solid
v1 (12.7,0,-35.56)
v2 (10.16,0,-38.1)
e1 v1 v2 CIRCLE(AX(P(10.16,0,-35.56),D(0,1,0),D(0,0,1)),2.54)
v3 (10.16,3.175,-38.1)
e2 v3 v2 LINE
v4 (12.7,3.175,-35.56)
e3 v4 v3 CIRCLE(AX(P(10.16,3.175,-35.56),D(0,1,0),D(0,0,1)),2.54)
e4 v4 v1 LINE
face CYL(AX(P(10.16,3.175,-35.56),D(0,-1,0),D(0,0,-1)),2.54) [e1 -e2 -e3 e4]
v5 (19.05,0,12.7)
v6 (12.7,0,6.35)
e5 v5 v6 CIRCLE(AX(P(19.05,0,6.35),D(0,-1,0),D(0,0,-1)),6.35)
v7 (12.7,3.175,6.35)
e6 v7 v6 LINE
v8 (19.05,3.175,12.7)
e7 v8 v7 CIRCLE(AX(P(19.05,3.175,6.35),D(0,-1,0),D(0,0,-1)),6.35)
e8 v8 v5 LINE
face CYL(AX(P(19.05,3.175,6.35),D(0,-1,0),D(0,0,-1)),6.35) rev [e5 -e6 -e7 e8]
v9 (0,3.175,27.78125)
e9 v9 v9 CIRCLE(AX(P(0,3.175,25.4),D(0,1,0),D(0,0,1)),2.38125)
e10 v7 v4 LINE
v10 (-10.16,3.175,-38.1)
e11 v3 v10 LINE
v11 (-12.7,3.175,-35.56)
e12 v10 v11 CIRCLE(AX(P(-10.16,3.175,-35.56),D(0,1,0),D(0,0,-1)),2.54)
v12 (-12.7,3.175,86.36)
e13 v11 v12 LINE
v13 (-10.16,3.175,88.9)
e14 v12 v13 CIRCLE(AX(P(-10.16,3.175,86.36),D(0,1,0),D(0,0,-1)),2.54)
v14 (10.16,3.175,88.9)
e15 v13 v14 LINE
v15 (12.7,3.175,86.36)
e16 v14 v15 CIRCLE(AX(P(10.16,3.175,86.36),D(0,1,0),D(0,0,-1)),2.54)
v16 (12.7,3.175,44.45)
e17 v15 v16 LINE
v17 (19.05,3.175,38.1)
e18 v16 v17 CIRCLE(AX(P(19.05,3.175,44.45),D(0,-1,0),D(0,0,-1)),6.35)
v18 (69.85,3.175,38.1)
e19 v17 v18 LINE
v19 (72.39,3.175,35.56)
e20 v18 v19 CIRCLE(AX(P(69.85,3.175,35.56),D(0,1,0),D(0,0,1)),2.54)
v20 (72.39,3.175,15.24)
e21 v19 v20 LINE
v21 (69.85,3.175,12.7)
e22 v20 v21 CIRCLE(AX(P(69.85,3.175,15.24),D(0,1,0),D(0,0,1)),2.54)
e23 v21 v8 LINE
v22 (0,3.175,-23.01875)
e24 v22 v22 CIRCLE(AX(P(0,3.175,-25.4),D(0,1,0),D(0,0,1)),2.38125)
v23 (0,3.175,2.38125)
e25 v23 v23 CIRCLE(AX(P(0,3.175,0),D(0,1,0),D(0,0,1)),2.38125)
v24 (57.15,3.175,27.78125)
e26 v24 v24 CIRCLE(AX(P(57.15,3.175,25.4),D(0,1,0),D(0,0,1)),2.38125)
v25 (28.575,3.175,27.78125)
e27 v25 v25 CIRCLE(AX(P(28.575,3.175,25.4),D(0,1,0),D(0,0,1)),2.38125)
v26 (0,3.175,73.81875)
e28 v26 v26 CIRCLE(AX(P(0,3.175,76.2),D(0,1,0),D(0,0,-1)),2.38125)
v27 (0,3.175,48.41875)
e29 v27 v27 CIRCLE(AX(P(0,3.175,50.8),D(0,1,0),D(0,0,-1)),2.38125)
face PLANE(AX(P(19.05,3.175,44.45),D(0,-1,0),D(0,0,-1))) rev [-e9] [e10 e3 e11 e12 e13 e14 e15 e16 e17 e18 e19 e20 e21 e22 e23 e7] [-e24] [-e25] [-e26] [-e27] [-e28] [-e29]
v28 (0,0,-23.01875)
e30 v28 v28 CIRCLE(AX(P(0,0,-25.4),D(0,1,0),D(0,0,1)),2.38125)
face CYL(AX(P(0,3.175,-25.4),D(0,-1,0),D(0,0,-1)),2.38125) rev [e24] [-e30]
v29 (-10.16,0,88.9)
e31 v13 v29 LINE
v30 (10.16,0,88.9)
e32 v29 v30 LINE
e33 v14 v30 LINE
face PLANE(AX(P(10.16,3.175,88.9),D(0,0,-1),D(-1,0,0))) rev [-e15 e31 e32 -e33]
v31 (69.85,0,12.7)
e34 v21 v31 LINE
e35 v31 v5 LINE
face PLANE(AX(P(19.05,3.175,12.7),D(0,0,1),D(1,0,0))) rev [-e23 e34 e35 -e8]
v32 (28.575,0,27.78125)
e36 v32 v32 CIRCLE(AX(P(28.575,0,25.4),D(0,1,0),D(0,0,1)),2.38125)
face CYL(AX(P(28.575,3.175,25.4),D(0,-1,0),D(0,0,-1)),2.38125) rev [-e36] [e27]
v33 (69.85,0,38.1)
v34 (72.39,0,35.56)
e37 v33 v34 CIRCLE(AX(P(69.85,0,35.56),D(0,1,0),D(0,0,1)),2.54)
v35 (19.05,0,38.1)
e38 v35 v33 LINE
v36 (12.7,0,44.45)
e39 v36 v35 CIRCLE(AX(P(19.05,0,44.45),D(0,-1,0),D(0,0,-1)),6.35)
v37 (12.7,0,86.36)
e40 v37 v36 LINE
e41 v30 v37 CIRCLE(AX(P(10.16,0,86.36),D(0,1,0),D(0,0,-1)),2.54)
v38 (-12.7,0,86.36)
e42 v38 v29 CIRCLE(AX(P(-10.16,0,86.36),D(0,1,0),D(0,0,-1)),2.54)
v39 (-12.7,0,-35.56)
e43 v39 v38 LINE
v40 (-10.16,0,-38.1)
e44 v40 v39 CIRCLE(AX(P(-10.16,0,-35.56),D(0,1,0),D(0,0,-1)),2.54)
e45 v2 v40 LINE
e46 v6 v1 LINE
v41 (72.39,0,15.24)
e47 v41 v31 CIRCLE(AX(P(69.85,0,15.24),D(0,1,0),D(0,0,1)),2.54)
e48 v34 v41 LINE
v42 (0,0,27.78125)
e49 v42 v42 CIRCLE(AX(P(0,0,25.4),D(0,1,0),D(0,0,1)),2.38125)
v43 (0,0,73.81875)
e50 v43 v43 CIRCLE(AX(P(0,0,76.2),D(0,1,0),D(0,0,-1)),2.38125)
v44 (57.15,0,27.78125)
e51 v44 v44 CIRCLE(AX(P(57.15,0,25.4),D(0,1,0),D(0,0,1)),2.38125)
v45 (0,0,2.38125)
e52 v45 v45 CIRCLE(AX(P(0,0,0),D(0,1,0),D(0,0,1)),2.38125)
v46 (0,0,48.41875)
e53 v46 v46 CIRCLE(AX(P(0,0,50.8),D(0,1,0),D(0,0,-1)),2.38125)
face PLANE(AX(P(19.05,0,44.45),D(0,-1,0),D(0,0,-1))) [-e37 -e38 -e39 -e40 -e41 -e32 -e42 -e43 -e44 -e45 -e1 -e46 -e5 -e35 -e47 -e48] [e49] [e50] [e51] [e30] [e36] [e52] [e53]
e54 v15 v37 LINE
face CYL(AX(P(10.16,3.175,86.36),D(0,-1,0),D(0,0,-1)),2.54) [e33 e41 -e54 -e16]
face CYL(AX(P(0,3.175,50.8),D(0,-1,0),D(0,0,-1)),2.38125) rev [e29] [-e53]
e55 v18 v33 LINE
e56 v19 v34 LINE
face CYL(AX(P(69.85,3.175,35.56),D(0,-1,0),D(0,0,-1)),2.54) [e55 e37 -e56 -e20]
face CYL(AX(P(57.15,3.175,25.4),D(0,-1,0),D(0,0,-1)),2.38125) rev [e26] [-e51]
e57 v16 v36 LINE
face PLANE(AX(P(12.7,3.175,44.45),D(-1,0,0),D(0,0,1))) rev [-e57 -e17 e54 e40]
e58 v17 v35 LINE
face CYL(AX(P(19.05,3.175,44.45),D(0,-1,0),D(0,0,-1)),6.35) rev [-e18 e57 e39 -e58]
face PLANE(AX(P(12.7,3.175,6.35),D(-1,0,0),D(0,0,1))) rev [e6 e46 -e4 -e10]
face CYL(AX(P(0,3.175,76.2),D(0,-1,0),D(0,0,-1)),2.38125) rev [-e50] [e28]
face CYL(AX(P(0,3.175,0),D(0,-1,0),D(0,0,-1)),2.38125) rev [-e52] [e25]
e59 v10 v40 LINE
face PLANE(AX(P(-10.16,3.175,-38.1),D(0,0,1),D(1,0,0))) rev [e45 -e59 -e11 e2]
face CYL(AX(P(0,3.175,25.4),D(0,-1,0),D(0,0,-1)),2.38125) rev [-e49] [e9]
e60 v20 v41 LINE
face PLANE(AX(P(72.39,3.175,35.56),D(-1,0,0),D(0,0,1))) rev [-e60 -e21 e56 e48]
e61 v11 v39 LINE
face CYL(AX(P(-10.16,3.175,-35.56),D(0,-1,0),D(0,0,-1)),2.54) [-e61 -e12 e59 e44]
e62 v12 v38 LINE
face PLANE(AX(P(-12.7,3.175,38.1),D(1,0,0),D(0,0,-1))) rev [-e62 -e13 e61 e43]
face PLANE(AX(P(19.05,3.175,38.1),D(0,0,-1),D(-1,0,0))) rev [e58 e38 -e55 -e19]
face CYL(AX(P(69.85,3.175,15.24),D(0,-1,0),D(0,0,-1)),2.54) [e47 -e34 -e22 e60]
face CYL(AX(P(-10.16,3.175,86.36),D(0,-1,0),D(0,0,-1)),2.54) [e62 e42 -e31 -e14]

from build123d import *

# Parameters (mm, degrees)
SKETCH1_R           = 2.38125
BOSS_EXTRUDE1_DEPTH = 3.175


with BuildPart() as part:
    # Sketch1 → Boss-Extrude1 (new body)
    with BuildSketch(Plane(origin=(0, 0, 0), x_dir=(1, 0, 0), z_dir=(0, 1, 0))):
        with BuildLine():
            Line((-12.7, -38.1), (-12.7, -35.56))
            Line((-12.7, -35.56), (-12.7, 35.56))
            ThreePointArc((-12.7, 35.56), (-11.956051224, 37.356051224), (-10.16, 38.1))
            Line((-10.16, 38.1), (10.16, 38.1))
            ThreePointArc((10.16, 38.1), (11.956051224, 37.356051224), (12.7, 35.56))
            Line((12.7, 35.56), (12.7, -6.35))
            ThreePointArc((12.7, -6.35), (14.559871939, -10.840128061), (19.05, -12.7))
            Line((19.05, -12.7), (69.85, -12.7))
            ThreePointArc((69.85, -12.7), (71.646051224, -13.443948776), (72.39, -15.24))
            Line((72.39, -15.24), (72.39, -35.56))
            ThreePointArc((72.39, -35.56), (71.646051224, -37.356051224), (69.85, -38.1))
            Line((69.85, -38.1), (19.05, -38.1))
            ThreePointArc((19.05, -38.1), (14.559871939, -39.959871939), (12.7, -44.45))
            Line((12.7, -44.45), (12.7, -86.36))
            ThreePointArc((12.7, -86.36), (11.956051224, -88.156051224), (10.16, -88.9))
            Line((10.16, -88.9), (-10.16, -88.9))
            ThreePointArc((-10.16, -88.9), (-11.956051224, -88.156051224), (-12.7, -86.36))
            Line((-12.7, -86.36), (-12.7, -38.1))
        make_face()
        with Locations(Location((0, -25.4, 0), (0, 0, 270))):
            Circle(SKETCH1_R, mode=Mode.SUBTRACT)
        with Locations(Location((0, 0, 0), (0, 0, 270))):
            Circle(SKETCH1_R, mode=Mode.SUBTRACT)
        with Locations(Location((0, 25.4, 0), (0, 0, 270))):
            Circle(SKETCH1_R, mode=Mode.SUBTRACT)
        with Locations(Location((28.575, -25.4, 0), (0, 0, 270))):
            Circle(SKETCH1_R, mode=Mode.SUBTRACT)
        with Locations(Location((57.15, -25.4, 0), (0, 0, 270))):
            Circle(SKETCH1_R, mode=Mode.SUBTRACT)
        with Locations(Location((0, -76.2, 0), (0, 0, 90))):
            Circle(SKETCH1_R, mode=Mode.SUBTRACT)
        with Locations(Location((0, -50.8, 0), (0, 0, 90))):
            Circle(SKETCH1_R, mode=Mode.SUBTRACT)
    extrude(amount=BOSS_EXTRUDE1_DEPTH)


solid = part.part
